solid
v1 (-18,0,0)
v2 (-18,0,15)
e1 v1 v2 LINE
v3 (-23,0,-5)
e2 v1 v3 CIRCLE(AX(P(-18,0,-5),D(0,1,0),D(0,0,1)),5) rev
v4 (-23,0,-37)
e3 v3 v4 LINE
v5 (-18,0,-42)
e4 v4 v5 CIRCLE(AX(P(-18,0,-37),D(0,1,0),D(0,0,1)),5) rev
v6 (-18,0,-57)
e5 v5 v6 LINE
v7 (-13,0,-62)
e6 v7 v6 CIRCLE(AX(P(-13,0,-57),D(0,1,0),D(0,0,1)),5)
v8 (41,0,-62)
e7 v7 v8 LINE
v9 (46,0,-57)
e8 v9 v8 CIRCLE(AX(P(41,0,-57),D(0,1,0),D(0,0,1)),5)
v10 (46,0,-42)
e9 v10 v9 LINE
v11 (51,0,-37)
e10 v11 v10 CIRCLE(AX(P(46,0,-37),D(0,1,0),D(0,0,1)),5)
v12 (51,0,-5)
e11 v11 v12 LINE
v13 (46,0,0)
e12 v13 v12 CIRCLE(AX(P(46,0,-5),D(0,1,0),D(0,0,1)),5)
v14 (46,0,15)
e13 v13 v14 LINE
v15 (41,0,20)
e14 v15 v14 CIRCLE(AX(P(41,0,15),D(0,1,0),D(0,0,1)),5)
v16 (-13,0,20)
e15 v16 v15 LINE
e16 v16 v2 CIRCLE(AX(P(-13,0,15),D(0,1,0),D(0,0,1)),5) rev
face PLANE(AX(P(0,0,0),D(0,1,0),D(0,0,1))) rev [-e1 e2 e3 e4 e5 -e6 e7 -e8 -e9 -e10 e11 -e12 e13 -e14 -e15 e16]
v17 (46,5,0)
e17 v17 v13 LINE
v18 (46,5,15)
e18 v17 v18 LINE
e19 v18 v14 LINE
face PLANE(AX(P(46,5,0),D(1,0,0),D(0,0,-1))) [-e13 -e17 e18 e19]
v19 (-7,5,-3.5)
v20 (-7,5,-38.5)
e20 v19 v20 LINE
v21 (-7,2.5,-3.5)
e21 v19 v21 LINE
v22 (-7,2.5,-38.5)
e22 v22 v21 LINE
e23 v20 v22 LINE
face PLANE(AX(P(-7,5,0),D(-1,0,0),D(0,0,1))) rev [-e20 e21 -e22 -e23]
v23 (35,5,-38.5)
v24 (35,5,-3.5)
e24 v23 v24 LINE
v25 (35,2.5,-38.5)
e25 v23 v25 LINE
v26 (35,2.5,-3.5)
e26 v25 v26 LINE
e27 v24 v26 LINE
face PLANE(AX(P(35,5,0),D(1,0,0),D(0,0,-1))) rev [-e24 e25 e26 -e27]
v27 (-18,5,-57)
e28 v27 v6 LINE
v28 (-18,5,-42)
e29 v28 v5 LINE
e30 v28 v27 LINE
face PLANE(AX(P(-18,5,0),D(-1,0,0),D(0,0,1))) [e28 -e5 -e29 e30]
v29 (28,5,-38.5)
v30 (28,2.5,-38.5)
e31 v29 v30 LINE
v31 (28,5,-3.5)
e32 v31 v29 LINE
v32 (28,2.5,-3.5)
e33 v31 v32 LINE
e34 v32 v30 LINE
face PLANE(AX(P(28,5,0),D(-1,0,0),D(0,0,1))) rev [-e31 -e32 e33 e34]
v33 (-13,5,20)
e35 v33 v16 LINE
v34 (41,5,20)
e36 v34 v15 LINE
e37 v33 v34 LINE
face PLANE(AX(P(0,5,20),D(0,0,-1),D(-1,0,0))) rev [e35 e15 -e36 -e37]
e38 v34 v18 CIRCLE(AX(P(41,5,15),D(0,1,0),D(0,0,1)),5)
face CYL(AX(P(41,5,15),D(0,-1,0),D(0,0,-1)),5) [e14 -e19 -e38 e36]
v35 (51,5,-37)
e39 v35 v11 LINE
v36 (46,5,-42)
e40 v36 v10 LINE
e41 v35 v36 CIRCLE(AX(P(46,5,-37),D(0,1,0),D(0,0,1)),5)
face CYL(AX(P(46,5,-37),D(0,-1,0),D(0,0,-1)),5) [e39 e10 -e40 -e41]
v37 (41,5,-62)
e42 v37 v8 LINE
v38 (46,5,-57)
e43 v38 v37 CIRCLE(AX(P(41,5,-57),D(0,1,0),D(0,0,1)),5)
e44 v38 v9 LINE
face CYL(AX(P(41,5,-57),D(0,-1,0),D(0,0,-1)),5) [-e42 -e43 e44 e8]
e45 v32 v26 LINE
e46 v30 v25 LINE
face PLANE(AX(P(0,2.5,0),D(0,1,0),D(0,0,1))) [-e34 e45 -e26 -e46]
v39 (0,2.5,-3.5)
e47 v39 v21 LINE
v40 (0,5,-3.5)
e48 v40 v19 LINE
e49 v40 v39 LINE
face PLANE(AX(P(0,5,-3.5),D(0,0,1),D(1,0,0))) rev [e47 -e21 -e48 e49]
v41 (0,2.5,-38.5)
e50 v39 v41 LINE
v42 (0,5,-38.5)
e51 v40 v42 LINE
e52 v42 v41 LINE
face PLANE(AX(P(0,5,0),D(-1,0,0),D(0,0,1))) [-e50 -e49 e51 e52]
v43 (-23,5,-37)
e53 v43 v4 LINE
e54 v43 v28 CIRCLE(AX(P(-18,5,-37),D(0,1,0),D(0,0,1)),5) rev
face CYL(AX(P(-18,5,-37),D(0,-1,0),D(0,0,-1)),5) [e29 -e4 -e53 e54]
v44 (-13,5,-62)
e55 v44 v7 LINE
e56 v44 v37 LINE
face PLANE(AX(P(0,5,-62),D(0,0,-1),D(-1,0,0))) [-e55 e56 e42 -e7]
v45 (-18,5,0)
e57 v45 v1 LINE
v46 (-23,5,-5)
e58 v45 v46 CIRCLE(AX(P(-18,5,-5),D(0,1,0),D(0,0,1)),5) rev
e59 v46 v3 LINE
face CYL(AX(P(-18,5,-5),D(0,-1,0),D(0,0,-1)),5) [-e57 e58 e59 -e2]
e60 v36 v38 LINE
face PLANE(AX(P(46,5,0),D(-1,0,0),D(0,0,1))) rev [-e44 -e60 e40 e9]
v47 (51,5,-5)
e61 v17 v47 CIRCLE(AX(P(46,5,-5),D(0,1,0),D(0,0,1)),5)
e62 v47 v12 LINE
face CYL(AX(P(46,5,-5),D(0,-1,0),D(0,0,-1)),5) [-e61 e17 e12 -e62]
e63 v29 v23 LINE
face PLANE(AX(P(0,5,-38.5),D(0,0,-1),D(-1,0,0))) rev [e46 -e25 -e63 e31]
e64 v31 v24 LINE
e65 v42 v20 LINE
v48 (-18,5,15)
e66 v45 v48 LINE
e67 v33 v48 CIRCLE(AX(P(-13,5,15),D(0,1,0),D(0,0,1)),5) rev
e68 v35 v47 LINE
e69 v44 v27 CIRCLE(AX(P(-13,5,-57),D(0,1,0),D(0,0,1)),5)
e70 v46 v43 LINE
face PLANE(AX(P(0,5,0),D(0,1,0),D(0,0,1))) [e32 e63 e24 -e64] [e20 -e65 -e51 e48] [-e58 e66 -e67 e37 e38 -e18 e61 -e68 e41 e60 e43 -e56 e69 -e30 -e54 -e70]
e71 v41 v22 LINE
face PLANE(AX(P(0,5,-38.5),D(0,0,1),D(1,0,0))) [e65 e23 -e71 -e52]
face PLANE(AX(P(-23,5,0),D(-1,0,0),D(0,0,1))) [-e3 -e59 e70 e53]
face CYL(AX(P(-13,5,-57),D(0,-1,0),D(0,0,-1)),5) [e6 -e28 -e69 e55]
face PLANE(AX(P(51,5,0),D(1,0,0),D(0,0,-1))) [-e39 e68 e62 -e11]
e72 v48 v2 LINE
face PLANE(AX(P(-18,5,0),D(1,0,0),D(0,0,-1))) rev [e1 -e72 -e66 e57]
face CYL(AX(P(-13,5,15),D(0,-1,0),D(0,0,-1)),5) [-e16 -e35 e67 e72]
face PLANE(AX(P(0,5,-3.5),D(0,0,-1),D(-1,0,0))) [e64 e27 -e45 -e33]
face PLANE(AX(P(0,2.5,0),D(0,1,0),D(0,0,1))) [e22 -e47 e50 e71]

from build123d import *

# Parameters (mm, degrees)
SKETCH2_W           = 7
SKETCH2_H           = 35
BOSS_EXTRUDE1_DEPTH = 5
SKETCH2_3_W         = 7
SKETCH2_3_H         = 35
BOSS_EXTRUDE2_DEPTH = 2.5


with BuildPart() as part:
    # Sketch2 → Boss-Extrude1 (new body)
    with BuildSketch(Plane(origin=(0, 0, 0), x_dir=(1, 0, 0), z_dir=(0, 1, 0))):
        with BuildLine():
            Line((-18, 57), (-18, 42))
            ThreePointArc((-18, 42), (-21.535533906, 40.535533906), (-23, 37))
            Line((-23, 37), (-23, 5))
            ThreePointArc((-23, 5), (-21.535533906, 1.464466094), (-18, 0))
            Line((-18, 0), (-18, -15))
            ThreePointArc((-18, -15), (-16.535533906, -18.535533906), (-13, -20))
            Line((-13, -20), (41, -20))
            ThreePointArc((41, -20), (44.535533906, -18.535533906), (46, -15))
            Line((46, -15), (46, 0))
            ThreePointArc((46, 0), (49.535533906, 1.464466094), (51, 5))
            Line((51, 5), (51, 37))
            ThreePointArc((51, 37), (49.535533906, 40.535533906), (46, 42))
            Line((46, 42), (46, 57))
            ThreePointArc((46, 57), (44.535533906, 60.535533906), (41, 62))
            Line((41, 62), (-13, 62))
            ThreePointArc((-13, 62), (-16.535533906, 60.535533906), (-18, 57))
        make_face()
        with Locations((-3.5, 21)):
            Rectangle(SKETCH2_W, SKETCH2_H, mode=Mode.SUBTRACT)
        with Locations((31.5, 21)):
            Rectangle(SKETCH2_W, SKETCH2_H, mode=Mode.SUBTRACT)
    extrude(amount=BOSS_EXTRUDE1_DEPTH)

    # Sketch2<3> → Boss-Extrude2 (add)
    with BuildSketch(Plane(origin=(0, 0, 0), x_dir=(1, 0, 0), z_dir=(0, 1, 0))):
        with Locations((-3.5, 21)):
            Rectangle(SKETCH2_3_W, SKETCH2_3_H)
        with Locations((31.5, 21)):
            Rectangle(SKETCH2_3_W, SKETCH2_3_H)
    extrude(amount=BOSS_EXTRUDE2_DEPTH)


solid = part.part
